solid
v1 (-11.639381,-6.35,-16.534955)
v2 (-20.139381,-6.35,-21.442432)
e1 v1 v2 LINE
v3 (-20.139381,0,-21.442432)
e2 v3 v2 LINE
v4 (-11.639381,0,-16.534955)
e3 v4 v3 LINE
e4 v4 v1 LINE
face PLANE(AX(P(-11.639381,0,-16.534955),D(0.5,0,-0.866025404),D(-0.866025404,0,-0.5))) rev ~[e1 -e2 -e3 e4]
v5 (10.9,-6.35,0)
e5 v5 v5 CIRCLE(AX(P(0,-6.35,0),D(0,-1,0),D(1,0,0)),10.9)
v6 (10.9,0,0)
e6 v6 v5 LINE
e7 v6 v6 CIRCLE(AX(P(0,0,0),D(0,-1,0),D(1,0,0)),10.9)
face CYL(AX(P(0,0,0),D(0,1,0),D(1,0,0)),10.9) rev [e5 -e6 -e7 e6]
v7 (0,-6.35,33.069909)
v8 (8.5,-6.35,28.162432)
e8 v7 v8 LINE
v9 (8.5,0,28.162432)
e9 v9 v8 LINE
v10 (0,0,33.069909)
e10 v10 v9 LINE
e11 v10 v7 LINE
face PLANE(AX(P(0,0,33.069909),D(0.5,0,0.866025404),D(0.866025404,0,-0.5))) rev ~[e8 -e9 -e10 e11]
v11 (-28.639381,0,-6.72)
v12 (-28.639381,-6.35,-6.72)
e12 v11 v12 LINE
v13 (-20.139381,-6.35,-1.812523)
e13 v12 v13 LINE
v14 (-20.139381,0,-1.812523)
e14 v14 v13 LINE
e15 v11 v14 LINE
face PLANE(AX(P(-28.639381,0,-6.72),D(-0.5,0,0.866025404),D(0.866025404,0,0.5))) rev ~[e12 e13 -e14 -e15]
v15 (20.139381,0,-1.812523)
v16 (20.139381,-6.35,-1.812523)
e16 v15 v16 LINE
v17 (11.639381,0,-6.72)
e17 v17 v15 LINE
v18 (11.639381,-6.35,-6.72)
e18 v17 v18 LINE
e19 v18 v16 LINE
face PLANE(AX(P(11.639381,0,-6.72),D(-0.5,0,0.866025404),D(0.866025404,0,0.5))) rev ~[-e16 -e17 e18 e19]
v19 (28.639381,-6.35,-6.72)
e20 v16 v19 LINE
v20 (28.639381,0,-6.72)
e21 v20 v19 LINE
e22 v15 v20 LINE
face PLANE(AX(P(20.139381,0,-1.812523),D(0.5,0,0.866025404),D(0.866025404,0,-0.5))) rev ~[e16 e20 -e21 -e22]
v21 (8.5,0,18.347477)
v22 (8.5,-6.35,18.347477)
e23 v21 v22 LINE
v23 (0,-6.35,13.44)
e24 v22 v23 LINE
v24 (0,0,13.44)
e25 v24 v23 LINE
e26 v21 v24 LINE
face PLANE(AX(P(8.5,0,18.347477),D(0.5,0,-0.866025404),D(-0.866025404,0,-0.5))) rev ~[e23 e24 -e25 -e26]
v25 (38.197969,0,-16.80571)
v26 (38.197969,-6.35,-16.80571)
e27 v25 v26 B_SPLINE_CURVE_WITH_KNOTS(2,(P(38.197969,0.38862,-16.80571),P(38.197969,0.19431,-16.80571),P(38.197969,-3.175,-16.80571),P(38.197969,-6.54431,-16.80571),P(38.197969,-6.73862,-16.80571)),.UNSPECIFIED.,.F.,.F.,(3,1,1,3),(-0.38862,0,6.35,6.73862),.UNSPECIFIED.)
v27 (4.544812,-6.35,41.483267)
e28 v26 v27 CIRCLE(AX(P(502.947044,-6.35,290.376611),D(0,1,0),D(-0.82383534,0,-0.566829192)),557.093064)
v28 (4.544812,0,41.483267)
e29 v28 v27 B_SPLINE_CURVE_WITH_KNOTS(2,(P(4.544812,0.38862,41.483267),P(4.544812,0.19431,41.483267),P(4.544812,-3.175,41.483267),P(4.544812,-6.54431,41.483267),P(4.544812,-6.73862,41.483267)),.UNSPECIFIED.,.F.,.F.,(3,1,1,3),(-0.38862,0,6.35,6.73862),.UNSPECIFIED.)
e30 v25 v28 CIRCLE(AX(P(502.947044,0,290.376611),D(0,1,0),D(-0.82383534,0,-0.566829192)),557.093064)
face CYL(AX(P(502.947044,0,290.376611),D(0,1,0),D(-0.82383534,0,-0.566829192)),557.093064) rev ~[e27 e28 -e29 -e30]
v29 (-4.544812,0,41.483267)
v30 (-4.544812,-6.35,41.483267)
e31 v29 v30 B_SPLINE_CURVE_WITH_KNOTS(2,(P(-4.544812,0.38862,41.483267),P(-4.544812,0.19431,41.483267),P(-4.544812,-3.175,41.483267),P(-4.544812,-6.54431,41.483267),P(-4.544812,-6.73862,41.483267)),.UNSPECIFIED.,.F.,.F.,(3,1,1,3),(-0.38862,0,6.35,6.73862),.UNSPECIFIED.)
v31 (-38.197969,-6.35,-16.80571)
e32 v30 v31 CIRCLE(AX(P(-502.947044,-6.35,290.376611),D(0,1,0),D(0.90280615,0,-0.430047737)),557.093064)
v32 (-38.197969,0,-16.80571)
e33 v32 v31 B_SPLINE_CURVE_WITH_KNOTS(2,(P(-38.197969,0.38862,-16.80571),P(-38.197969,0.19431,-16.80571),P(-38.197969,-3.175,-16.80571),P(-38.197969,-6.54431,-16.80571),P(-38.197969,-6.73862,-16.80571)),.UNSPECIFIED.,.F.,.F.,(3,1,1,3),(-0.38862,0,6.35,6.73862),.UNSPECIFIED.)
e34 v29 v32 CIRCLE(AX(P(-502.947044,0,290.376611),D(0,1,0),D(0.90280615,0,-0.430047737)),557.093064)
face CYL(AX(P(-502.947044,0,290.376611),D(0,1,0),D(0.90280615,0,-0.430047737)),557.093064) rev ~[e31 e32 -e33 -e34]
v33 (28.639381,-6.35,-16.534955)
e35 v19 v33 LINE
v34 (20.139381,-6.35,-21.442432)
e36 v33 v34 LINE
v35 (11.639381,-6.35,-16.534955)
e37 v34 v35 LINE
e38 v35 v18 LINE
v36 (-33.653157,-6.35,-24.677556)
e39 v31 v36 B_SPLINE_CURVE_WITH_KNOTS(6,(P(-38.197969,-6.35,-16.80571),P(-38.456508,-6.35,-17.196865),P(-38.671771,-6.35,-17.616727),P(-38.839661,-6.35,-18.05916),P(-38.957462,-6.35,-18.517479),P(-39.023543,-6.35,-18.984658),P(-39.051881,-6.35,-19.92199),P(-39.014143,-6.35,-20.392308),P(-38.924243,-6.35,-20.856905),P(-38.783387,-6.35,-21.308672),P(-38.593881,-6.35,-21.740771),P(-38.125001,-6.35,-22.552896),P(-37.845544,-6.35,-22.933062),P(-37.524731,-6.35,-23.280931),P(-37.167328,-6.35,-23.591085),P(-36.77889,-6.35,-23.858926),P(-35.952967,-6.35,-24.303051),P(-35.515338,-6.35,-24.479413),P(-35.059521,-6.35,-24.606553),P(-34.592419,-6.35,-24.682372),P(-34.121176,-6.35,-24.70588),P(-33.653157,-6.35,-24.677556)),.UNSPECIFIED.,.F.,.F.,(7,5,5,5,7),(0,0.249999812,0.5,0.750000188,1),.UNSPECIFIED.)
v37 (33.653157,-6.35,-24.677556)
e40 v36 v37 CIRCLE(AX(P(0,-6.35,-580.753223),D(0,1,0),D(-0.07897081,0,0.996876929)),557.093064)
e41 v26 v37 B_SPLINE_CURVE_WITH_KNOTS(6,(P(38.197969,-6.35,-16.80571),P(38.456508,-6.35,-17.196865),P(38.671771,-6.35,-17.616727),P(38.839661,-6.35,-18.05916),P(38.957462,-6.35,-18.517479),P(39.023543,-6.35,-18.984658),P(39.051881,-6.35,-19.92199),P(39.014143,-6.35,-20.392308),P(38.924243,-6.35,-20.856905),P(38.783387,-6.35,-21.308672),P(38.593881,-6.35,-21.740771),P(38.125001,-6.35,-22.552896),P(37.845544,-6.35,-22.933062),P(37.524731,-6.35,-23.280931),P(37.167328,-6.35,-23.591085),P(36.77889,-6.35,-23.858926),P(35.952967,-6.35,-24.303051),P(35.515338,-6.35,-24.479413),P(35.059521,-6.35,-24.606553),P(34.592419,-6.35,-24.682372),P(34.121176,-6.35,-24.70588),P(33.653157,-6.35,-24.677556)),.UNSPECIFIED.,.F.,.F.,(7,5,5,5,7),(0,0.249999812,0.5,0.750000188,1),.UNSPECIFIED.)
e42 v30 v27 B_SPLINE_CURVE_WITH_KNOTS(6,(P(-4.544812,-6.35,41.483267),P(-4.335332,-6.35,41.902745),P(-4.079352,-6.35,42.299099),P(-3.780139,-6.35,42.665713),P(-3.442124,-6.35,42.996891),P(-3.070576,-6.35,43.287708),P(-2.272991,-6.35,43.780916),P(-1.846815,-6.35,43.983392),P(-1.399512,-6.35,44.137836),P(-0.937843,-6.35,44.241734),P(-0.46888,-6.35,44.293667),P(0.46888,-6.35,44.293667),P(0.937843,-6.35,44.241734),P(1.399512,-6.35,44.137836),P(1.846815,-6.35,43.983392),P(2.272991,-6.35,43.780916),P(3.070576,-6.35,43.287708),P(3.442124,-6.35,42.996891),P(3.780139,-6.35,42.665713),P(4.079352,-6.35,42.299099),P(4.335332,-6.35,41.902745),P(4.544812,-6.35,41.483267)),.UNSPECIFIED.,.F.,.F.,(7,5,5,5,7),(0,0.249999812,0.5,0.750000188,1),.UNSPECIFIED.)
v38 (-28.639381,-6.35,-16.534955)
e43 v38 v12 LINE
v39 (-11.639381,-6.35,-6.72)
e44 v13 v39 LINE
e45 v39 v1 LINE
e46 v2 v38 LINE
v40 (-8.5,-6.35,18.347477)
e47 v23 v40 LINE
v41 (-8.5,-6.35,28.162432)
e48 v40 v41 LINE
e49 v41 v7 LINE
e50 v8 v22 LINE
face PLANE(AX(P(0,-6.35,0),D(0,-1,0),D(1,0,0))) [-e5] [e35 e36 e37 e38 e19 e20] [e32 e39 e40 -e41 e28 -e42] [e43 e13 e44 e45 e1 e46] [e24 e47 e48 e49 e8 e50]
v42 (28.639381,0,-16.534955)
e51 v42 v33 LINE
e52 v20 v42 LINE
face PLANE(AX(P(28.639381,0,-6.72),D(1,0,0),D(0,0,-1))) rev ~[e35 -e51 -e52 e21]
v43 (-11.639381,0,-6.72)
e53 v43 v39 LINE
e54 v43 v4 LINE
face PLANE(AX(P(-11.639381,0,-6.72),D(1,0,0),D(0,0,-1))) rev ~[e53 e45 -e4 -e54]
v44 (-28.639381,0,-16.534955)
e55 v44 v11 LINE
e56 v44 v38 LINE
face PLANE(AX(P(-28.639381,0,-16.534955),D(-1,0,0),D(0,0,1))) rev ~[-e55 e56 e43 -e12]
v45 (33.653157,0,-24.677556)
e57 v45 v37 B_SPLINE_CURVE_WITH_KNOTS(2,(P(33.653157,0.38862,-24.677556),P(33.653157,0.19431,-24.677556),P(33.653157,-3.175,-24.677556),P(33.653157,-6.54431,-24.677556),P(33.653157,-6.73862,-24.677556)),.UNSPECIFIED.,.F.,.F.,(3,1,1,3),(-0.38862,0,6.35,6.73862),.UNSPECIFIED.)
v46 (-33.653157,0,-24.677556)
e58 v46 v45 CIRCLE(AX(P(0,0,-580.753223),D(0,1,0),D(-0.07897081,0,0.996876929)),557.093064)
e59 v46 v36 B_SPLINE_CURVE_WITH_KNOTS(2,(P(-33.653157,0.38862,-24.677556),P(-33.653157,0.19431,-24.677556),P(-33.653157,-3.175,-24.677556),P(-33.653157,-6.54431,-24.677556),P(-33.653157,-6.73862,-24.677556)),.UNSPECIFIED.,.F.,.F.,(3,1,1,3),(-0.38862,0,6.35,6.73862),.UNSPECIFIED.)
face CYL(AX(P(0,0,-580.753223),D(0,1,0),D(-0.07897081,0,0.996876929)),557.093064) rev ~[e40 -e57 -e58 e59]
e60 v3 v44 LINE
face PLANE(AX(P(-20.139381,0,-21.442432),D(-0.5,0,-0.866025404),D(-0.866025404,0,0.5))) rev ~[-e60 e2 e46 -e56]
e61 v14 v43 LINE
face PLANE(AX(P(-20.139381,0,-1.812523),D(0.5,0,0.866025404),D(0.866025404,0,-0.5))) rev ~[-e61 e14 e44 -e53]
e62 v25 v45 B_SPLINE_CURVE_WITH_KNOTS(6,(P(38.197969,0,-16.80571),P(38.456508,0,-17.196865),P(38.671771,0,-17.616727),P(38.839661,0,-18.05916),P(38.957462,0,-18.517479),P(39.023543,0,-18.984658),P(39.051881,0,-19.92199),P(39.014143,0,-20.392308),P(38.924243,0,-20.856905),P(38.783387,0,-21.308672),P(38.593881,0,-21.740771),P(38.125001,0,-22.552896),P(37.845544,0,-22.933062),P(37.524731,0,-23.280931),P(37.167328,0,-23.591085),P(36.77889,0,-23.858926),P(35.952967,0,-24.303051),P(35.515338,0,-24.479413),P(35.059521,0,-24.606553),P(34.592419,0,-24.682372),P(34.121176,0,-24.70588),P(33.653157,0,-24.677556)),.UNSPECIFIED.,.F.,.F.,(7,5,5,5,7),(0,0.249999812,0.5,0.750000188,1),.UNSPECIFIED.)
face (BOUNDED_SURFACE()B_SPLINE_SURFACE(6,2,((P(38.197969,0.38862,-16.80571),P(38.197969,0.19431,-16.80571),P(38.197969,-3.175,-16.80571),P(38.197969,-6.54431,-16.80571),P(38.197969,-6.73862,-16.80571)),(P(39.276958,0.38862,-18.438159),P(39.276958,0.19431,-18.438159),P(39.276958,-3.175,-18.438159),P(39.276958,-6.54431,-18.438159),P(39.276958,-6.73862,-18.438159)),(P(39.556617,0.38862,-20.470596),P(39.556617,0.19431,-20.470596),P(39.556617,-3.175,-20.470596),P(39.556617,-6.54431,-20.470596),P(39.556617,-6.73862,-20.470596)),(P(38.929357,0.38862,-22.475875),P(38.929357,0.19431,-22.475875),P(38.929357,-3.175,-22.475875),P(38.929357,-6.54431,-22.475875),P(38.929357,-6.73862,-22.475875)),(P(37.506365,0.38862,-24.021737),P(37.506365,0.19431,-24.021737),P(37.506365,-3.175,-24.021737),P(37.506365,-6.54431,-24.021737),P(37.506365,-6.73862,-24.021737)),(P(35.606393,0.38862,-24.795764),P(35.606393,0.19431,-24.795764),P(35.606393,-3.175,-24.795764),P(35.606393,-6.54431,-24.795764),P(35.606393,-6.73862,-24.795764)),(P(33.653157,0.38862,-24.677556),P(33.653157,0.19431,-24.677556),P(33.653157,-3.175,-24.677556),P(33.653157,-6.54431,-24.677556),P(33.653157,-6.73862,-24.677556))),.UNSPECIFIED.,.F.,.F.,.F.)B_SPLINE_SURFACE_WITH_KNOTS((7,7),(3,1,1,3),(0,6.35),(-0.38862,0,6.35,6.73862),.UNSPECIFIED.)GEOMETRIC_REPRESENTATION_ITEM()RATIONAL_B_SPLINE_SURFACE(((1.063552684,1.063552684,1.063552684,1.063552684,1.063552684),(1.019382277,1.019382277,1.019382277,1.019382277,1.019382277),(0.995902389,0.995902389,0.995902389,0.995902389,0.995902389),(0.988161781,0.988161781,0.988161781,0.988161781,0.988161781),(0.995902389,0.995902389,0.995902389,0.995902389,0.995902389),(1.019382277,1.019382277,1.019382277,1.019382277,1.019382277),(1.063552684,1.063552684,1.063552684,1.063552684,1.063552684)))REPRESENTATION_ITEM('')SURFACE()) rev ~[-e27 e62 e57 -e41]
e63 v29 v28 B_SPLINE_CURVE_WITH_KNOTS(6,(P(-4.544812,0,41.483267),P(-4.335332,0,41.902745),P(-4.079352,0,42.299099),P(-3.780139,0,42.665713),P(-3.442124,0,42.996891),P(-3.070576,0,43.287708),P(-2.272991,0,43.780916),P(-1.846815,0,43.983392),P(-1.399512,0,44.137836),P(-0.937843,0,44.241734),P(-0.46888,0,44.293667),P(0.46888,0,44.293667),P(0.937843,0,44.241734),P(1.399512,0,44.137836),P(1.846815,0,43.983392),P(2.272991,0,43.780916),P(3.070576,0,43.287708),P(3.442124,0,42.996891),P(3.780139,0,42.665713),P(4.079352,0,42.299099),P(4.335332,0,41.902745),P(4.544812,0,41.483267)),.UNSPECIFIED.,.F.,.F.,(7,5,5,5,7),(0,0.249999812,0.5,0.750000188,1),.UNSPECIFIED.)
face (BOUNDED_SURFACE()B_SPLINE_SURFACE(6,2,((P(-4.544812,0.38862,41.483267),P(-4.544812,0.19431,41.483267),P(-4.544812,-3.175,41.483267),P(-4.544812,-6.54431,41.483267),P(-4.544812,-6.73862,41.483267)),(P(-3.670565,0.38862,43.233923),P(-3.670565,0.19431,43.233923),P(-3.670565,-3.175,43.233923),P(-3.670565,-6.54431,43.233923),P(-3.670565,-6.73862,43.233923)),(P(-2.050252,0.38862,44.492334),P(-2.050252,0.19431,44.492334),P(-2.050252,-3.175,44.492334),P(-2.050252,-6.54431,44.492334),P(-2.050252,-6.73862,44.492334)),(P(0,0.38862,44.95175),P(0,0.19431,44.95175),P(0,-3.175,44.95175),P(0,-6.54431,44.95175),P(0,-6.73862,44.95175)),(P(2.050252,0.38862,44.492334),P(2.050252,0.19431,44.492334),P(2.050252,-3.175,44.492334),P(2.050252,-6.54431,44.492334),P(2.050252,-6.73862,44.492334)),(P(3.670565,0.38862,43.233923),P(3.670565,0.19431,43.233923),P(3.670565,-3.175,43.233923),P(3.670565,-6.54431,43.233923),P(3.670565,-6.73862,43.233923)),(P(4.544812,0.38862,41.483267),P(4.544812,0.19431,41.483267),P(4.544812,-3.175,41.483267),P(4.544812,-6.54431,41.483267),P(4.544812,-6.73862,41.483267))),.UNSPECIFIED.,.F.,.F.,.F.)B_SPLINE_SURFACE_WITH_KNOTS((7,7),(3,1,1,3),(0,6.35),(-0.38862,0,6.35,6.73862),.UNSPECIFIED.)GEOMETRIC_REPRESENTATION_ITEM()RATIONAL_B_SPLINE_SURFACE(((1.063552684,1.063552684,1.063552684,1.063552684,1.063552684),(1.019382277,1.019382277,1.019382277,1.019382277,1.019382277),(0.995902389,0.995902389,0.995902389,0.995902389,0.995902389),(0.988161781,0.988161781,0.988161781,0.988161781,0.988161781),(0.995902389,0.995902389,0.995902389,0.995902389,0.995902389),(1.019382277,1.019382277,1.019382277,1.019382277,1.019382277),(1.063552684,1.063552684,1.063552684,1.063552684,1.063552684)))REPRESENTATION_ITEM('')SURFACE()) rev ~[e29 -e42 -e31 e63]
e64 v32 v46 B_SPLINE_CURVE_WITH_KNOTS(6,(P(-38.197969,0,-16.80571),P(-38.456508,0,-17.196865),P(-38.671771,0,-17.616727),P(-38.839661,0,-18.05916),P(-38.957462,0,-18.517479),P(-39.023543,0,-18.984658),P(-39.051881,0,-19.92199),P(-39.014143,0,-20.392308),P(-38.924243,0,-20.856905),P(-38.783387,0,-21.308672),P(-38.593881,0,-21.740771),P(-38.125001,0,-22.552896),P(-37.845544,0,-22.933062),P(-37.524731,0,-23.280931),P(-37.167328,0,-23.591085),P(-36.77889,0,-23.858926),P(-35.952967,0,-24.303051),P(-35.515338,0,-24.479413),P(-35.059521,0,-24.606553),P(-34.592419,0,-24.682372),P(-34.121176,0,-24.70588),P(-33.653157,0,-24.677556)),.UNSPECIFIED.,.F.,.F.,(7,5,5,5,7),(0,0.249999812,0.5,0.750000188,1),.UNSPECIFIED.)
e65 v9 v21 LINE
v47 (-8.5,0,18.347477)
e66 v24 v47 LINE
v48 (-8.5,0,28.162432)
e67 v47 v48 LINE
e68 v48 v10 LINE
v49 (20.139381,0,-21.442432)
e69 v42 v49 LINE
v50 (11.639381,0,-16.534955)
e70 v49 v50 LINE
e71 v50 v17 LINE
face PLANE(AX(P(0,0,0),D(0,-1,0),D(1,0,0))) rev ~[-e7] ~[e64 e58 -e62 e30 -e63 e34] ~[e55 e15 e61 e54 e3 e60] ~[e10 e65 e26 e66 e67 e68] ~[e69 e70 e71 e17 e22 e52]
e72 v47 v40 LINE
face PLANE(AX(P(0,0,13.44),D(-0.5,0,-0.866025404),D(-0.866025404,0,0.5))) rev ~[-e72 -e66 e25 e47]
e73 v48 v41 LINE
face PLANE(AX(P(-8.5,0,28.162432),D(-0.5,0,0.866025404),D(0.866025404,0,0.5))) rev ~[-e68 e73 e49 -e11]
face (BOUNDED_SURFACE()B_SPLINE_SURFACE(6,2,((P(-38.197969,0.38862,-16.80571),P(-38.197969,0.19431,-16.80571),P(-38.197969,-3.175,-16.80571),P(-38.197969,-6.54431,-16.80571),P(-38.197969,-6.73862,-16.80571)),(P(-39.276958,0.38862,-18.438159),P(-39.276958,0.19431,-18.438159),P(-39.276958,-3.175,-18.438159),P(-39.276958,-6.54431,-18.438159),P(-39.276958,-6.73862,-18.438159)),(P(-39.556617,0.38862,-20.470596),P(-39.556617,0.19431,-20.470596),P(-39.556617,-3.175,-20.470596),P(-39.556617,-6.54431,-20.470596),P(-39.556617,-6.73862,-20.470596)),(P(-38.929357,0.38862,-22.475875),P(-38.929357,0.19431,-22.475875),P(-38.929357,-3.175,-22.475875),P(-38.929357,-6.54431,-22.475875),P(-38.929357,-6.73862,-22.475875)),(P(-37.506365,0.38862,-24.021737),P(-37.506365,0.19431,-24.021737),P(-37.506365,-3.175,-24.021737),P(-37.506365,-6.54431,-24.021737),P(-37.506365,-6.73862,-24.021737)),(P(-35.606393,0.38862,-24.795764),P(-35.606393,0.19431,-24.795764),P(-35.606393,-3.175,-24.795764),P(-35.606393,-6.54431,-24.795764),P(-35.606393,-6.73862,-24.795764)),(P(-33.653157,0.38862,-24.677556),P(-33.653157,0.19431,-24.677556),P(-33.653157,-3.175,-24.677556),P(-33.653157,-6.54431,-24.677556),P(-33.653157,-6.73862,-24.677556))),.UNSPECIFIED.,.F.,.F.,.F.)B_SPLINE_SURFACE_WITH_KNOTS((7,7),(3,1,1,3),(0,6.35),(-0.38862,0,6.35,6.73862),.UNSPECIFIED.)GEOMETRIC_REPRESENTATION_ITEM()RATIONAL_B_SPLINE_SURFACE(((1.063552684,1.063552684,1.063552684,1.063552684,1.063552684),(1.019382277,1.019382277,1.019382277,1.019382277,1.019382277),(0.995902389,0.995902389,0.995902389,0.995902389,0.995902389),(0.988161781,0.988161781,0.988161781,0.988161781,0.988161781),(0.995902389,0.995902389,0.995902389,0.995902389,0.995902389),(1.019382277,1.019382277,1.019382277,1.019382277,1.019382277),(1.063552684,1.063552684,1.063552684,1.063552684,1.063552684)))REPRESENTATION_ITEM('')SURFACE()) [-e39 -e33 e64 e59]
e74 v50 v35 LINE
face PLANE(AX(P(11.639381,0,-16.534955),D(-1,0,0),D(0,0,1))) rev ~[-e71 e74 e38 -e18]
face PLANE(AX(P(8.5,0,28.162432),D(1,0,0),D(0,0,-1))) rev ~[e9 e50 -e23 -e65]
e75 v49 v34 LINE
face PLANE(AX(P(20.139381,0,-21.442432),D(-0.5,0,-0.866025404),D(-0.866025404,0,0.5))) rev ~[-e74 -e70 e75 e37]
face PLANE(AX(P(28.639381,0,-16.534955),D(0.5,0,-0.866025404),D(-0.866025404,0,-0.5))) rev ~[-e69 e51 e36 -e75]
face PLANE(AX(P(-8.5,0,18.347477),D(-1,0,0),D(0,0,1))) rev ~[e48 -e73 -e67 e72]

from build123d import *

# Parameters (mm, degrees)
F0_R     = 10.9
F1_DEPTH = 6.35
F2_R     = 5.08


with BuildPart() as f1:
    # F0 (on Front) → F1 (new body)
    with BuildSketch(Plane.XZ):
        with BuildLine():
            ThreePointArc((0, 50.8), (-20.4902984868, 11.8300793471), (-43.9940905122, -25.4))
            ThreePointArc((-43.9940905122, -25.4), (0, -23.6601586942), (43.9940905122, -25.4))
            ThreePointArc((43.9940905122, -25.4), (20.4902984868, 11.8300793471), (0, 50.8))
        make_face()
        Polygon((-11.6393814269, -16.5349545762), (-20.1393814269, -21.4424318643), (-28.6393814269, -16.5349545762), (-28.6393814269, -6.72), (-20.1393814269, -1.8125227119), (-11.6393814269, -6.72), align=None, mode=Mode.SUBTRACT)
        Circle(F0_R, mode=Mode.SUBTRACT)
        Polygon((20.1393814269, -1.8125227119), (28.6393814269, -6.72), (28.6393814269, -16.5349545762), (20.1393814269, -21.4424318643), (11.6393814269, -16.5349545762), (11.6393814269, -6.72), align=None, mode=Mode.SUBTRACT)
        Polygon((0, 13.44), (-8.5, 18.3474772881), (-8.5, 28.1624318643), (0, 33.0699091524), (8.5, 28.1624318643), (8.5, 18.3474772881), align=None, mode=Mode.SUBTRACT)
    extrude(amount=F1_DEPTH)

    # F2
    f2_edges = [f1.edges().sort_by_distance(p)[0] for p in [
        (-43.994091, -3.175, -25.4),
        (43.994091, -3.175, -25.4),
        (0, -3.175, 50.8),
    ]]
    fillet(f2_edges, radius=F2_R)


solid = f1.part
